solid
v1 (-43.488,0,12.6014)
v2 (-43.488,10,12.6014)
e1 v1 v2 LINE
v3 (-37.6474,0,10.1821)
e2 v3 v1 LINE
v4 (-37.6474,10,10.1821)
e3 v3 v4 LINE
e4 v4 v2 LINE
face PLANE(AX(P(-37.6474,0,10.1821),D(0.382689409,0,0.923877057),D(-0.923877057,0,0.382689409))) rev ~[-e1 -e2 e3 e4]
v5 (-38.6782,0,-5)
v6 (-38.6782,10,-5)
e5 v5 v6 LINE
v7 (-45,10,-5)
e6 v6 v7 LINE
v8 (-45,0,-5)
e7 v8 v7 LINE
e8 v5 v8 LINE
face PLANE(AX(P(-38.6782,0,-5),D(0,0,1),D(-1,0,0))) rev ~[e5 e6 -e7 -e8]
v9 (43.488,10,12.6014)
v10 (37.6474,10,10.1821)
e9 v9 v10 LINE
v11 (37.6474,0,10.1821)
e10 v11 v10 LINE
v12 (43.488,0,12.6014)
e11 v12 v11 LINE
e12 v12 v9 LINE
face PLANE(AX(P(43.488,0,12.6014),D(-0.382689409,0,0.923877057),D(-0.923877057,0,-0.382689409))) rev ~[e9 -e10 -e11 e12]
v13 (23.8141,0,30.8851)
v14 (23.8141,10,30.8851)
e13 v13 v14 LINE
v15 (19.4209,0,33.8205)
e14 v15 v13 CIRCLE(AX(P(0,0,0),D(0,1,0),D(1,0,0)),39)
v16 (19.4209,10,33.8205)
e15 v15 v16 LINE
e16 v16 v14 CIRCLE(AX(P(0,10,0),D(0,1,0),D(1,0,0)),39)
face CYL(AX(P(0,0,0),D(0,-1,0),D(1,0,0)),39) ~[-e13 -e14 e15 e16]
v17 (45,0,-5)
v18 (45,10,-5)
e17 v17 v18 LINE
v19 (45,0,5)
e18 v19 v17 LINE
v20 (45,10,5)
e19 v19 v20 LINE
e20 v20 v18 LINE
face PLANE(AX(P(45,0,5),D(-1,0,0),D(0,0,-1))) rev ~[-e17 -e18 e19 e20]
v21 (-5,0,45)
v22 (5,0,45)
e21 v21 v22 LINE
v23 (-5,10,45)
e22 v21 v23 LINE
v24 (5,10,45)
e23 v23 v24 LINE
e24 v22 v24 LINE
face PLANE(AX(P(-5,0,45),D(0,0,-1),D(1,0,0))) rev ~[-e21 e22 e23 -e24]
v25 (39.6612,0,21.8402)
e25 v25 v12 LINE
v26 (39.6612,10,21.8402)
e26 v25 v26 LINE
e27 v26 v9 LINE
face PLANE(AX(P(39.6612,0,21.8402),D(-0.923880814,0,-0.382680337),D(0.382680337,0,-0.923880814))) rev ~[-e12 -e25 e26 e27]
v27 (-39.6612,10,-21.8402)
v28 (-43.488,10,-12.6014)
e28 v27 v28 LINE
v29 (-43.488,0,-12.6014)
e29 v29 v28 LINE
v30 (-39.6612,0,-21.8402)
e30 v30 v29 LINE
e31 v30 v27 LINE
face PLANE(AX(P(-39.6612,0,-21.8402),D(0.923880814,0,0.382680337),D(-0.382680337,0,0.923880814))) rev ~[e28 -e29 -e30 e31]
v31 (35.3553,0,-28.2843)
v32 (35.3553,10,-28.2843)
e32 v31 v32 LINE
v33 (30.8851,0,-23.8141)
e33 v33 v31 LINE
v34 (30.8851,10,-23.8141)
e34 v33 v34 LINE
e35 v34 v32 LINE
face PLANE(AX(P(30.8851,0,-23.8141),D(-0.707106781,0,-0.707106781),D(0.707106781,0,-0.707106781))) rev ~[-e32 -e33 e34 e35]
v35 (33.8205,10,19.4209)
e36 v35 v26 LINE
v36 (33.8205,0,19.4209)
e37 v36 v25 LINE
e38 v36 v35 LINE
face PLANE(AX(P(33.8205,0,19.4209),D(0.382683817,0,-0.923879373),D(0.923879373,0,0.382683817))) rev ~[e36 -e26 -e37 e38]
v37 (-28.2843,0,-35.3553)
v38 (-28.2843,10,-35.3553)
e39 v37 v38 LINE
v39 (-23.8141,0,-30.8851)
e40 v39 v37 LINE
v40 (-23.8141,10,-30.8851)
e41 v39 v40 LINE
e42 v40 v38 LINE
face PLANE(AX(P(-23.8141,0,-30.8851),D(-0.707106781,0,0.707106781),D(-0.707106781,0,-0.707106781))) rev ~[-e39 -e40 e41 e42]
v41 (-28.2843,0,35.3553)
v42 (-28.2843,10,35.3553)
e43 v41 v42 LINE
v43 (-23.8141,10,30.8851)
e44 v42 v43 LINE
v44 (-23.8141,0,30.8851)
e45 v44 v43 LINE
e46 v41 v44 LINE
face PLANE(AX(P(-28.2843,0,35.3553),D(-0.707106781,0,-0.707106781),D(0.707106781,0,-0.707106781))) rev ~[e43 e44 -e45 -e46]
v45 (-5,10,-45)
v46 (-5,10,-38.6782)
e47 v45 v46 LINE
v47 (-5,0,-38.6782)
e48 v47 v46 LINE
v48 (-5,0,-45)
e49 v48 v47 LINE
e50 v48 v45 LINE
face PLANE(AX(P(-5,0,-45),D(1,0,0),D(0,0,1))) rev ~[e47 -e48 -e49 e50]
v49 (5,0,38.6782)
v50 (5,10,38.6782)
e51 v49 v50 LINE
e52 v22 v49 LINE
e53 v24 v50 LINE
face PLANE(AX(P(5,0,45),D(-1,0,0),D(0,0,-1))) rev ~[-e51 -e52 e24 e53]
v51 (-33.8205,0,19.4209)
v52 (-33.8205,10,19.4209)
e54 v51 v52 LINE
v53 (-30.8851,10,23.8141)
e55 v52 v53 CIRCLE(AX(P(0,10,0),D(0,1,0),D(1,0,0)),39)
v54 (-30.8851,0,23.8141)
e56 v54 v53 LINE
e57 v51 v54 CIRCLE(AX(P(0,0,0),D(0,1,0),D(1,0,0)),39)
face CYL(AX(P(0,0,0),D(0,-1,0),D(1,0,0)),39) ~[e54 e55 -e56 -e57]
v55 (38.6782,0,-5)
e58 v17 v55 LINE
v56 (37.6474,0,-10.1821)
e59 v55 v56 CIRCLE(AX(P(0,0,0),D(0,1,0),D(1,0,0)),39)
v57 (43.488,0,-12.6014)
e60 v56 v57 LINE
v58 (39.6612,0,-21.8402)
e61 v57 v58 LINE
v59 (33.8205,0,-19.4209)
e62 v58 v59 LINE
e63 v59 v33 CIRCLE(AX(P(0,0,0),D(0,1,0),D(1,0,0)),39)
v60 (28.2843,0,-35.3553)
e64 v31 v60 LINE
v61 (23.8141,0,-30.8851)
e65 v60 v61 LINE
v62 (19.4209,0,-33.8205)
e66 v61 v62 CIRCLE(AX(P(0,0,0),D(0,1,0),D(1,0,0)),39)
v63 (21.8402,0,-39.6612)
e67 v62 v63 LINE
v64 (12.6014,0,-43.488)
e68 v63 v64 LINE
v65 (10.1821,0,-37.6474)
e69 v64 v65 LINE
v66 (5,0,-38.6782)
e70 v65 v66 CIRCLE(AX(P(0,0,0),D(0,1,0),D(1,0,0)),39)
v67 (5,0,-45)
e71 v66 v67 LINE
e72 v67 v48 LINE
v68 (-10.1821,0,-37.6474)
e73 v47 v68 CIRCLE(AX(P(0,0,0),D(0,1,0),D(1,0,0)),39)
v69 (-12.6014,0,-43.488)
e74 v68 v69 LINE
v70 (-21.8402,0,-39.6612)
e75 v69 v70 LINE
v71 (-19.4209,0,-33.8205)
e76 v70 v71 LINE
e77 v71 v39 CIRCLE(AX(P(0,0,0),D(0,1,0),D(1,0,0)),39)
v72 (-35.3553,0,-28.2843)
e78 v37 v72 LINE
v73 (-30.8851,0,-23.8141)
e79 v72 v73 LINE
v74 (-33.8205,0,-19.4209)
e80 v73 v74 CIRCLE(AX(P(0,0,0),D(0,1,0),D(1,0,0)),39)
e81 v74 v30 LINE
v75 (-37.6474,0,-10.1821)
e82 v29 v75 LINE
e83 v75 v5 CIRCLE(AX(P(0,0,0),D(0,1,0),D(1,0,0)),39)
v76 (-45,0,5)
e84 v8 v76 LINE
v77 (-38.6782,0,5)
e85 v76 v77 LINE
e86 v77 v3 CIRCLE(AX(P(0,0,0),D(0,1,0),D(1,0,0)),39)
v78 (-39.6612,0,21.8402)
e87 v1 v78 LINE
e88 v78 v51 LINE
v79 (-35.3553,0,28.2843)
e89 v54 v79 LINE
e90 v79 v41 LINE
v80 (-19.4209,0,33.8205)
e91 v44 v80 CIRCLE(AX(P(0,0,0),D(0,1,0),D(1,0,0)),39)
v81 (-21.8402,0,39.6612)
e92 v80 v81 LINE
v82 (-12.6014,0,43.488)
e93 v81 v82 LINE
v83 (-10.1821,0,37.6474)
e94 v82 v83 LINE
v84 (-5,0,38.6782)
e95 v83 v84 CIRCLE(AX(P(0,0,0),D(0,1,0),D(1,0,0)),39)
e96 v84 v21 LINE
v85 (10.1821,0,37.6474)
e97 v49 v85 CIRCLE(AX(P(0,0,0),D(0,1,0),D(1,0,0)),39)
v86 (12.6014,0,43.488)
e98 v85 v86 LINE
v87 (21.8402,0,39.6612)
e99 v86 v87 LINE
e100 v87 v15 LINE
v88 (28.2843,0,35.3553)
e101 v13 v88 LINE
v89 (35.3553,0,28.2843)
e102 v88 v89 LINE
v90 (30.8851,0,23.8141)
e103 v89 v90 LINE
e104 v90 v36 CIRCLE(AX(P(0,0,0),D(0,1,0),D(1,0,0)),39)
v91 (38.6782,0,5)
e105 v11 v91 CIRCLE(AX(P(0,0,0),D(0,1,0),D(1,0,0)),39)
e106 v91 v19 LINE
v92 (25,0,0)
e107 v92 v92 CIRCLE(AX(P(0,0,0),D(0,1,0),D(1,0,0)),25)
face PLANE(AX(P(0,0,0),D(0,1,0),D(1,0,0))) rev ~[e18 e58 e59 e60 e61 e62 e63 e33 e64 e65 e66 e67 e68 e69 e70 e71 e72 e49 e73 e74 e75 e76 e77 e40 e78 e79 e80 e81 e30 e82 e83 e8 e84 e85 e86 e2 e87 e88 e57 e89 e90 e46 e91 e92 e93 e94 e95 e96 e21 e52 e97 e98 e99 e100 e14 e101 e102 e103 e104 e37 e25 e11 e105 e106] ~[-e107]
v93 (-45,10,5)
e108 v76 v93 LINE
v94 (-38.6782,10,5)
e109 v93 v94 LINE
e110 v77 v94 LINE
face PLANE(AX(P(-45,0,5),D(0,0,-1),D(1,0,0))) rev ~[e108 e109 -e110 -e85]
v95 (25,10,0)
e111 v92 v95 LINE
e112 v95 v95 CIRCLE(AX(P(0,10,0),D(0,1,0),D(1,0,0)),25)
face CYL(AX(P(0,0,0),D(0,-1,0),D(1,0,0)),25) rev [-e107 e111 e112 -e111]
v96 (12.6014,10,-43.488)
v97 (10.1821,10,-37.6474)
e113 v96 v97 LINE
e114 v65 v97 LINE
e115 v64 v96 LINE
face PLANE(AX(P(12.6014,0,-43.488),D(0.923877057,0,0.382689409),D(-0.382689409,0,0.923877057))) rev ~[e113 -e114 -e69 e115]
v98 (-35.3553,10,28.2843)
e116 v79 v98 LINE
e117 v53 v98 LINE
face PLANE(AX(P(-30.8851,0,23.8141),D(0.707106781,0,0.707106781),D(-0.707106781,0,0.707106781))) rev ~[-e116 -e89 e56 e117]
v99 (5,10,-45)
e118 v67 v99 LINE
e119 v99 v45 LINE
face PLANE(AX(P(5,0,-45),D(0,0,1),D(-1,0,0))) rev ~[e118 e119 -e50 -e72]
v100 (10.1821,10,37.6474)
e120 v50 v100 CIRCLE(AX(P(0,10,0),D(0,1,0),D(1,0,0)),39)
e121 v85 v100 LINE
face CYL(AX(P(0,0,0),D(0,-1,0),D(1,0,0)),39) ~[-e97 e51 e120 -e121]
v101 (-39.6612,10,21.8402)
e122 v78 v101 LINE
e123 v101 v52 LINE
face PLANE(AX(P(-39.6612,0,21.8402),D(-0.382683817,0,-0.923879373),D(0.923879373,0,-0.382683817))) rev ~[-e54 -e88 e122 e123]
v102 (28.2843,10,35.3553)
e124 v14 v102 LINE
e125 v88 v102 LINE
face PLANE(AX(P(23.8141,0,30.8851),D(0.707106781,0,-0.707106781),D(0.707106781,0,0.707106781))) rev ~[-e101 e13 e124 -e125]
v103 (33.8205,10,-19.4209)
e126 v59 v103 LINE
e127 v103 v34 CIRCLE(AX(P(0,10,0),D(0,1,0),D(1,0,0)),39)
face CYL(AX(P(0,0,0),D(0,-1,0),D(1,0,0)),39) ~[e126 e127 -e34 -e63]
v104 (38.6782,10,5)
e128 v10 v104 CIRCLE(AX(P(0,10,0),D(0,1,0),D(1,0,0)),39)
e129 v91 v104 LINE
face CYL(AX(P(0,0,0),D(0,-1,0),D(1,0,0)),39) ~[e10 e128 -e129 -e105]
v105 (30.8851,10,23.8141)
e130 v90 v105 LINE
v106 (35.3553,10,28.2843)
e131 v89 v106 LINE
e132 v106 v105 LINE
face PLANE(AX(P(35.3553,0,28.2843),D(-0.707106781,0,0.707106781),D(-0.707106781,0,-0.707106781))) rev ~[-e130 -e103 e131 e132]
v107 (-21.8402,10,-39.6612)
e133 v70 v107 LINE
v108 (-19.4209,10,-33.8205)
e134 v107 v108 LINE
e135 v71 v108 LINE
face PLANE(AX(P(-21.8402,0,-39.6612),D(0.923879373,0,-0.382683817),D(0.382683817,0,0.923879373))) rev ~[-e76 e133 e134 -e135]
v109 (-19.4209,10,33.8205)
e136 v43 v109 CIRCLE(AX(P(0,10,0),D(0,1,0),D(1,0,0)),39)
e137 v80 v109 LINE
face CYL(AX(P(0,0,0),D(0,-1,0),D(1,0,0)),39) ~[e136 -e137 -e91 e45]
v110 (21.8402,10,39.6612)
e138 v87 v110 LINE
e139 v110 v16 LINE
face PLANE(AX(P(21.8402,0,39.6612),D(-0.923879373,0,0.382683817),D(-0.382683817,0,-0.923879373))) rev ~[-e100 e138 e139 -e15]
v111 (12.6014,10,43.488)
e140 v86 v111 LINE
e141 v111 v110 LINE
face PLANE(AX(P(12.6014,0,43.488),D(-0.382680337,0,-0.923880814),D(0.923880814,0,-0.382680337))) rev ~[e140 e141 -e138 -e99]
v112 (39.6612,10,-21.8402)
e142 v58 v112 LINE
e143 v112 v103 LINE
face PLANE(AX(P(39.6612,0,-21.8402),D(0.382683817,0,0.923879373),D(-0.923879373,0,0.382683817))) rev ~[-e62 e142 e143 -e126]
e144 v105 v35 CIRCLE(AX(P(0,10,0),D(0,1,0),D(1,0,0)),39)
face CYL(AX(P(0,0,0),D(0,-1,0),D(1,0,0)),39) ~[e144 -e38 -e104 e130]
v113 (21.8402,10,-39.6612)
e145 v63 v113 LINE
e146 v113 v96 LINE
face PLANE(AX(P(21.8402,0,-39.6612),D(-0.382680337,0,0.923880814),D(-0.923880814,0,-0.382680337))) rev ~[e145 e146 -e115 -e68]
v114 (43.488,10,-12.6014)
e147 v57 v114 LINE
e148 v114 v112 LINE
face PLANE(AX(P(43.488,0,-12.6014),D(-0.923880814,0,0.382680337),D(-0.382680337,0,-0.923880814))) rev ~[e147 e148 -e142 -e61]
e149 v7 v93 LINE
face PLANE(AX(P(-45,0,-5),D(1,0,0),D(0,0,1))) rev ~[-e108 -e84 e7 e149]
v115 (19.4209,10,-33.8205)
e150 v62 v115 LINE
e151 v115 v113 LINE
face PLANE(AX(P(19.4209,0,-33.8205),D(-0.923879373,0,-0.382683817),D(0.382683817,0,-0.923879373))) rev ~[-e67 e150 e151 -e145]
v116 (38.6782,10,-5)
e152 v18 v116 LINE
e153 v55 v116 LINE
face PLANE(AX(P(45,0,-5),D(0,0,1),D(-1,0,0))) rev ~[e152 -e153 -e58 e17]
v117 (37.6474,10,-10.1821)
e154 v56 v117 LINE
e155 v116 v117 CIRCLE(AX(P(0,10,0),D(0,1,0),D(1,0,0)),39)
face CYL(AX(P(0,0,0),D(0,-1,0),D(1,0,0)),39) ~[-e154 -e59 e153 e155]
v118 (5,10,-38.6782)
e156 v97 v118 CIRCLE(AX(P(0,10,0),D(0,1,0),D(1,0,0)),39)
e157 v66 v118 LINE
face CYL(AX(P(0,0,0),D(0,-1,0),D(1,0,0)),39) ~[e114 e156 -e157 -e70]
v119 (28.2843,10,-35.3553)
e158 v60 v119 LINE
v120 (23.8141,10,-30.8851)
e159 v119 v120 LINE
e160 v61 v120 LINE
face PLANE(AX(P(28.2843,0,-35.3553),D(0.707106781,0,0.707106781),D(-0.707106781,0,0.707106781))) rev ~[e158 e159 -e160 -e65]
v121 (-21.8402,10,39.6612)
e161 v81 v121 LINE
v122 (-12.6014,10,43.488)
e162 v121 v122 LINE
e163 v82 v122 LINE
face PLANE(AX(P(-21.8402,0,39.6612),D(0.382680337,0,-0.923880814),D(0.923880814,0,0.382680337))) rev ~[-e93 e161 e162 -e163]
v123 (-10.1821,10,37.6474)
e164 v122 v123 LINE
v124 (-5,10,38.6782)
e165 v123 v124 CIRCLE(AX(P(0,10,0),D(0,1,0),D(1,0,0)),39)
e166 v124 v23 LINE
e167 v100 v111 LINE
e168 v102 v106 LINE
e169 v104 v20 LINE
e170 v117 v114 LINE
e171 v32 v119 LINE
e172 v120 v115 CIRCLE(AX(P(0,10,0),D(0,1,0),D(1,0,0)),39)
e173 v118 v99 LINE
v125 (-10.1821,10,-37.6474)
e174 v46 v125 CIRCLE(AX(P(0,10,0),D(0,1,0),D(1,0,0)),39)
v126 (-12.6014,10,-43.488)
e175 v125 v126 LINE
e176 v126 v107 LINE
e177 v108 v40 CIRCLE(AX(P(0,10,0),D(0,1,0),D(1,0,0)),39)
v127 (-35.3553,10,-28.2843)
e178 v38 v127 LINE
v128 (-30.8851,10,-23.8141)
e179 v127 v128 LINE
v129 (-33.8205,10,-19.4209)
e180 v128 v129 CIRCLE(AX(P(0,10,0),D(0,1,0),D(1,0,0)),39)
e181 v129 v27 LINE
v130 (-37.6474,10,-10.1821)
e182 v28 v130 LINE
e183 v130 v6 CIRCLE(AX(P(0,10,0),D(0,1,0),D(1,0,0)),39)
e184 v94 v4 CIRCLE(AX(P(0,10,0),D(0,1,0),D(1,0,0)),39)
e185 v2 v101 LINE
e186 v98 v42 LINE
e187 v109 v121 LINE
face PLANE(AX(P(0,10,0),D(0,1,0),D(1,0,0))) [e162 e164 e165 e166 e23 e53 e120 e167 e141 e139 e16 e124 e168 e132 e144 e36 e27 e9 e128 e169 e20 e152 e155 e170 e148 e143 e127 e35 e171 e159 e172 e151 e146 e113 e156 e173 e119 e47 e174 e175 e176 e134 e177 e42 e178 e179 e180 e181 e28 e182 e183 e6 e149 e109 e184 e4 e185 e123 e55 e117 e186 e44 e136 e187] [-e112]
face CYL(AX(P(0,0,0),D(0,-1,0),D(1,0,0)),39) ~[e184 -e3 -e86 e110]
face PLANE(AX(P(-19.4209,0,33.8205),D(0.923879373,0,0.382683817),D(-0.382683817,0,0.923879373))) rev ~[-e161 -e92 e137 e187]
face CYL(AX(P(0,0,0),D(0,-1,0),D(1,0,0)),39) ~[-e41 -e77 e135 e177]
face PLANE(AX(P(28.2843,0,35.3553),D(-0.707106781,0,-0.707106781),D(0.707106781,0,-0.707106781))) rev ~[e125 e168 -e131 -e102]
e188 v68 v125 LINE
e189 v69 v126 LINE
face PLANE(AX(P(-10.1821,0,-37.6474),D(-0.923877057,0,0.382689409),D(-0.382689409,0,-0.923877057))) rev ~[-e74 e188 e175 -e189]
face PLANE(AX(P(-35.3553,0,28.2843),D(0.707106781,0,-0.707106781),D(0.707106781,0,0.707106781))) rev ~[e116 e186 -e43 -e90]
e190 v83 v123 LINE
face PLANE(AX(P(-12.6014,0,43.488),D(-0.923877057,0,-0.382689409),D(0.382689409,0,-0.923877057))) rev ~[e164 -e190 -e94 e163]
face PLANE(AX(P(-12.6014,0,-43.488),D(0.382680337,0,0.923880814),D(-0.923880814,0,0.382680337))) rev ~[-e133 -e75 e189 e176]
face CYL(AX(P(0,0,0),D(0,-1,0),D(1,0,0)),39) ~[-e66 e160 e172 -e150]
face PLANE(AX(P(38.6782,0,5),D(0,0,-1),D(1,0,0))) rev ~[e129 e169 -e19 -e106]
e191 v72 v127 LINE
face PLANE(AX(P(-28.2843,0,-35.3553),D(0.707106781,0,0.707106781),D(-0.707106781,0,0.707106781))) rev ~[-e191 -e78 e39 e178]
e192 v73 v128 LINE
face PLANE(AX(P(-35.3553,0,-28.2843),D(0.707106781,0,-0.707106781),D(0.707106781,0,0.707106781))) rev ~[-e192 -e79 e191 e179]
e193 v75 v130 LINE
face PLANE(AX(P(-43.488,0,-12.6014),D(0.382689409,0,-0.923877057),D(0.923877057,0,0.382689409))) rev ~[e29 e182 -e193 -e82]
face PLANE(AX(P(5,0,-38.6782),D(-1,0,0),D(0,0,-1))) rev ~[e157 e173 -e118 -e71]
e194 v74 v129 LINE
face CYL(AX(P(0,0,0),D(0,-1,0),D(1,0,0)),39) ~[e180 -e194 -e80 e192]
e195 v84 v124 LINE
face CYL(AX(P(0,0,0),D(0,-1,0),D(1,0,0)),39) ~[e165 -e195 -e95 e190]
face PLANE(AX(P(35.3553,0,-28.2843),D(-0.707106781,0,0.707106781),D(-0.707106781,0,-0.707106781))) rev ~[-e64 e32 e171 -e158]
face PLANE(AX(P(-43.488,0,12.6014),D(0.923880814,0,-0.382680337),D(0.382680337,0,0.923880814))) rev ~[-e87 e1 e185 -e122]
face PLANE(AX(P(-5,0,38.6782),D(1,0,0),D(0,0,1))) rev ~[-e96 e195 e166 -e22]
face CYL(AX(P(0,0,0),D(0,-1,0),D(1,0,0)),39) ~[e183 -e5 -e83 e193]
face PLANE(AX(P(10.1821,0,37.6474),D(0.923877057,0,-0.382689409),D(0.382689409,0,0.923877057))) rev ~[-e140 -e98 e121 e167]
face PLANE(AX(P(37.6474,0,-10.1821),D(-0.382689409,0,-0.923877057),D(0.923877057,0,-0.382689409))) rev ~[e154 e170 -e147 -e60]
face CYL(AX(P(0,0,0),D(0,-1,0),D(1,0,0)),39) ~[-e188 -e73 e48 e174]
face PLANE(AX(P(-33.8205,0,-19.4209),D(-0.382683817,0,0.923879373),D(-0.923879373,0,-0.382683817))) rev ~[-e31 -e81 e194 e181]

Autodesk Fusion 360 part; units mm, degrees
sketch "Sketch1" plane through (0, 0, 0) normal (0, 1, 0) x (1, 0, 0)
  circle A0 centre (0, 0) radius 25
  circle A1 centre (0, 0) radius 39
  line L0 (5, 45) -> (-5, 45)
  line L1 (-5, -45) -> (5, -45)
  line L2 (-5, 45) -> (-5, 38.6782)
  line L3 (-5, -38.6782) -> (-5, -45)
  line L4 (-5, 45) -> (-4.9694, 44.7248) construction
  line L5 (4.9694, -44.7248) -> (5, -45) construction
  line L6 (5, 45) -> (4.9694, 44.7248) construction
  line L7 (-4.9694, -44.7248) -> (-5, -45) construction
  line L8 (5, -45) -> (5, -38.6782)
  line L9 (5, 38.6782) -> (5, 45)
  line L10 (-10.1821, 37.6474) -> (-12.6014, 43.488)
  line L11 (-12.6014, 43.488) -> (-21.8402, 39.6612)
  line L12 (-21.8402, 39.6612) -> (-19.4209, 33.8205)
  line L13 (21.8402, -39.6612) -> (19.4209, -33.8205)
  line L14 (12.6014, -43.488) -> (21.8402, -39.6612)
  line L15 (10.1821, -37.6474) -> (12.6014, -43.488)
  line L16 (-23.8141, 30.8851) -> (-28.2843, 35.3553)
  line L17 (-28.2843, 35.3553) -> (-35.3553, 28.2843)
  line L18 (-35.3553, 28.2843) -> (-30.8851, 23.8141)
  line L19 (35.3553, -28.2843) -> (30.8851, -23.8141)
  line L20 (28.2843, -35.3553) -> (35.3553, -28.2843)
  line L21 (23.8141, -30.8851) -> (28.2843, -35.3553)
  line L22 (-33.8205, 19.4209) -> (-39.6612, 21.8402)
  line L23 (-39.6612, 21.8402) -> (-43.488, 12.6014)
  line L24 (-43.488, 12.6014) -> (-37.6474, 10.1821)
  line L25 (43.488, -12.6014) -> (37.6474, -10.1821)
  line L26 (39.6612, -21.8402) -> (43.488, -12.6014)
  line L27 (33.8205, -19.4209) -> (39.6612, -21.8402)
  line L28 (-38.6782, 5) -> (-45, 5)
  line L29 (-45, 5) -> (-45, -5)
  line L30 (-45, -5) -> (-38.6782, -5)
  line L31 (45, 5) -> (38.6782, 5)
  line L32 (45, -5) -> (45, 5)
  line L33 (38.6782, -5) -> (45, -5)
  line L34 (-37.6474, -10.1821) -> (-43.488, -12.6014)
  line L35 (-43.488, -12.6014) -> (-39.6612, -21.8402)
  line L36 (-39.6612, -21.8402) -> (-33.8205, -19.4209)
  line L37 (39.6612, 21.8402) -> (33.8205, 19.4209)
  line L38 (43.488, 12.6014) -> (39.6612, 21.8402)
  line L39 (37.6474, 10.1821) -> (43.488, 12.6014)
  line L40 (-30.8851, -23.8141) -> (-35.3553, -28.2843)
  line L41 (-35.3553, -28.2843) -> (-28.2843, -35.3553)
  line L42 (-28.2843, -35.3553) -> (-23.8141, -30.8851)
  line L43 (28.2843, 35.3553) -> (23.8141, 30.8851)
  line L44 (35.3553, 28.2843) -> (28.2843, 35.3553)
  line L45 (30.8851, 23.8141) -> (35.3553, 28.2843)
  line L46 (-19.4209, -33.8205) -> (-21.8402, -39.6612)
  line L47 (-21.8402, -39.6612) -> (-12.6014, -43.488)
  line L48 (-12.6014, -43.488) -> (-10.1821, -37.6474)
  line L49 (12.6014, 43.488) -> (10.1821, 37.6474)
  line L50 (21.8402, 39.6612) -> (12.6014, 43.488)
  line L51 (19.4209, 33.8205) -> (21.8402, 39.6612)
  line L52 (-5, -38.6782) -> (-5, -45)
  line L53 (-5, -45) -> (5, -45)
  line L54 (5, -45) -> (5, -38.6782)
  line L55 (-5, 45) -> (-5, 38.6782)
  line L56 (5, 45) -> (-5, 45)
  line L57 (5, 38.6782) -> (5, 45)
  line L58 (10.1821, -37.6474) -> (12.6014, -43.488)
  line L59 (12.6014, -43.488) -> (21.8402, -39.6612)
  line L60 (21.8402, -39.6612) -> (19.4209, -33.8205)
  line L61 (-21.8402, 39.6612) -> (-19.4209, 33.8205)
  line L62 (-12.6014, 43.488) -> (-21.8402, 39.6612)
  line L63 (-10.1821, 37.6474) -> (-12.6014, 43.488)
  line L64 (23.8141, -30.8851) -> (28.2843, -35.3553)
  line L65 (28.2843, -35.3553) -> (35.3553, -28.2843)
  line L66 (35.3553, -28.2843) -> (30.8851, -23.8141)
  line L67 (-35.3553, 28.2843) -> (-30.8851, 23.8141)
  line L68 (-28.2843, 35.3553) -> (-35.3553, 28.2843)
  line L69 (-23.8141, 30.8851) -> (-28.2843, 35.3553)
  line L70 (33.8205, -19.4209) -> (39.6612, -21.8402)
  line L71 (39.6612, -21.8402) -> (43.488, -12.6014)
  line L72 (43.488, -12.6014) -> (37.6474, -10.1821)
  line L73 (-43.488, 12.6014) -> (-37.6474, 10.1821)
  line L74 (-39.6612, 21.8402) -> (-43.488, 12.6014)
  line L75 (-33.8205, 19.4209) -> (-39.6612, 21.8402)
  line L76 (38.6782, -5) -> (45, -5)
  line L77 (45, -5) -> (45, 5)
  line L78 (45, 5) -> (38.6782, 5)
  line L79 (-45, -5) -> (-38.6782, -5)
  line L80 (-45, 5) -> (-45, -5)
  line L81 (-38.6782, 5) -> (-45, 5)
  line L82 (37.6474, 10.1821) -> (43.488, 12.6014)
  line L83 (43.488, 12.6014) -> (39.6612, 21.8402)
  line L84 (39.6612, 21.8402) -> (33.8205, 19.4209)
  line L85 (-39.6612, -21.8402) -> (-33.8205, -19.4209)
  line L86 (-43.488, -12.6014) -> (-39.6612, -21.8402)
  line L87 (-37.6474, -10.1821) -> (-43.488, -12.6014)
  line L88 (30.8851, 23.8141) -> (35.3553, 28.2843)
  line L89 (35.3553, 28.2843) -> (28.2843, 35.3553)
  line L90 (28.2843, 35.3553) -> (23.8141, 30.8851)
  line L91 (-28.2843, -35.3553) -> (-23.8141, -30.8851)
  line L92 (-35.3553, -28.2843) -> (-28.2843, -35.3553)
  line L93 (-30.8851, -23.8141) -> (-35.3553, -28.2843)
  line L94 (19.4209, 33.8205) -> (21.8402, 39.6612)
  line L95 (21.8402, 39.6612) -> (12.6014, 43.488)
  line L96 (12.6014, 43.488) -> (10.1821, 37.6474)
  line L97 (-12.6014, -43.488) -> (-10.1821, -37.6474)
  line L98 (-21.8402, -39.6612) -> (-12.6014, -43.488)
  line L99 (-19.4209, -33.8205) -> (-21.8402, -39.6612)
  dimension "d1" = 50
  dimension "d3" = 78
  dimension "d4" = 10
  dimension "d5" = 90
  dimension "d7" = 360
extrude "Extrude1" add sketch "Sketch1" along normal blind 10
